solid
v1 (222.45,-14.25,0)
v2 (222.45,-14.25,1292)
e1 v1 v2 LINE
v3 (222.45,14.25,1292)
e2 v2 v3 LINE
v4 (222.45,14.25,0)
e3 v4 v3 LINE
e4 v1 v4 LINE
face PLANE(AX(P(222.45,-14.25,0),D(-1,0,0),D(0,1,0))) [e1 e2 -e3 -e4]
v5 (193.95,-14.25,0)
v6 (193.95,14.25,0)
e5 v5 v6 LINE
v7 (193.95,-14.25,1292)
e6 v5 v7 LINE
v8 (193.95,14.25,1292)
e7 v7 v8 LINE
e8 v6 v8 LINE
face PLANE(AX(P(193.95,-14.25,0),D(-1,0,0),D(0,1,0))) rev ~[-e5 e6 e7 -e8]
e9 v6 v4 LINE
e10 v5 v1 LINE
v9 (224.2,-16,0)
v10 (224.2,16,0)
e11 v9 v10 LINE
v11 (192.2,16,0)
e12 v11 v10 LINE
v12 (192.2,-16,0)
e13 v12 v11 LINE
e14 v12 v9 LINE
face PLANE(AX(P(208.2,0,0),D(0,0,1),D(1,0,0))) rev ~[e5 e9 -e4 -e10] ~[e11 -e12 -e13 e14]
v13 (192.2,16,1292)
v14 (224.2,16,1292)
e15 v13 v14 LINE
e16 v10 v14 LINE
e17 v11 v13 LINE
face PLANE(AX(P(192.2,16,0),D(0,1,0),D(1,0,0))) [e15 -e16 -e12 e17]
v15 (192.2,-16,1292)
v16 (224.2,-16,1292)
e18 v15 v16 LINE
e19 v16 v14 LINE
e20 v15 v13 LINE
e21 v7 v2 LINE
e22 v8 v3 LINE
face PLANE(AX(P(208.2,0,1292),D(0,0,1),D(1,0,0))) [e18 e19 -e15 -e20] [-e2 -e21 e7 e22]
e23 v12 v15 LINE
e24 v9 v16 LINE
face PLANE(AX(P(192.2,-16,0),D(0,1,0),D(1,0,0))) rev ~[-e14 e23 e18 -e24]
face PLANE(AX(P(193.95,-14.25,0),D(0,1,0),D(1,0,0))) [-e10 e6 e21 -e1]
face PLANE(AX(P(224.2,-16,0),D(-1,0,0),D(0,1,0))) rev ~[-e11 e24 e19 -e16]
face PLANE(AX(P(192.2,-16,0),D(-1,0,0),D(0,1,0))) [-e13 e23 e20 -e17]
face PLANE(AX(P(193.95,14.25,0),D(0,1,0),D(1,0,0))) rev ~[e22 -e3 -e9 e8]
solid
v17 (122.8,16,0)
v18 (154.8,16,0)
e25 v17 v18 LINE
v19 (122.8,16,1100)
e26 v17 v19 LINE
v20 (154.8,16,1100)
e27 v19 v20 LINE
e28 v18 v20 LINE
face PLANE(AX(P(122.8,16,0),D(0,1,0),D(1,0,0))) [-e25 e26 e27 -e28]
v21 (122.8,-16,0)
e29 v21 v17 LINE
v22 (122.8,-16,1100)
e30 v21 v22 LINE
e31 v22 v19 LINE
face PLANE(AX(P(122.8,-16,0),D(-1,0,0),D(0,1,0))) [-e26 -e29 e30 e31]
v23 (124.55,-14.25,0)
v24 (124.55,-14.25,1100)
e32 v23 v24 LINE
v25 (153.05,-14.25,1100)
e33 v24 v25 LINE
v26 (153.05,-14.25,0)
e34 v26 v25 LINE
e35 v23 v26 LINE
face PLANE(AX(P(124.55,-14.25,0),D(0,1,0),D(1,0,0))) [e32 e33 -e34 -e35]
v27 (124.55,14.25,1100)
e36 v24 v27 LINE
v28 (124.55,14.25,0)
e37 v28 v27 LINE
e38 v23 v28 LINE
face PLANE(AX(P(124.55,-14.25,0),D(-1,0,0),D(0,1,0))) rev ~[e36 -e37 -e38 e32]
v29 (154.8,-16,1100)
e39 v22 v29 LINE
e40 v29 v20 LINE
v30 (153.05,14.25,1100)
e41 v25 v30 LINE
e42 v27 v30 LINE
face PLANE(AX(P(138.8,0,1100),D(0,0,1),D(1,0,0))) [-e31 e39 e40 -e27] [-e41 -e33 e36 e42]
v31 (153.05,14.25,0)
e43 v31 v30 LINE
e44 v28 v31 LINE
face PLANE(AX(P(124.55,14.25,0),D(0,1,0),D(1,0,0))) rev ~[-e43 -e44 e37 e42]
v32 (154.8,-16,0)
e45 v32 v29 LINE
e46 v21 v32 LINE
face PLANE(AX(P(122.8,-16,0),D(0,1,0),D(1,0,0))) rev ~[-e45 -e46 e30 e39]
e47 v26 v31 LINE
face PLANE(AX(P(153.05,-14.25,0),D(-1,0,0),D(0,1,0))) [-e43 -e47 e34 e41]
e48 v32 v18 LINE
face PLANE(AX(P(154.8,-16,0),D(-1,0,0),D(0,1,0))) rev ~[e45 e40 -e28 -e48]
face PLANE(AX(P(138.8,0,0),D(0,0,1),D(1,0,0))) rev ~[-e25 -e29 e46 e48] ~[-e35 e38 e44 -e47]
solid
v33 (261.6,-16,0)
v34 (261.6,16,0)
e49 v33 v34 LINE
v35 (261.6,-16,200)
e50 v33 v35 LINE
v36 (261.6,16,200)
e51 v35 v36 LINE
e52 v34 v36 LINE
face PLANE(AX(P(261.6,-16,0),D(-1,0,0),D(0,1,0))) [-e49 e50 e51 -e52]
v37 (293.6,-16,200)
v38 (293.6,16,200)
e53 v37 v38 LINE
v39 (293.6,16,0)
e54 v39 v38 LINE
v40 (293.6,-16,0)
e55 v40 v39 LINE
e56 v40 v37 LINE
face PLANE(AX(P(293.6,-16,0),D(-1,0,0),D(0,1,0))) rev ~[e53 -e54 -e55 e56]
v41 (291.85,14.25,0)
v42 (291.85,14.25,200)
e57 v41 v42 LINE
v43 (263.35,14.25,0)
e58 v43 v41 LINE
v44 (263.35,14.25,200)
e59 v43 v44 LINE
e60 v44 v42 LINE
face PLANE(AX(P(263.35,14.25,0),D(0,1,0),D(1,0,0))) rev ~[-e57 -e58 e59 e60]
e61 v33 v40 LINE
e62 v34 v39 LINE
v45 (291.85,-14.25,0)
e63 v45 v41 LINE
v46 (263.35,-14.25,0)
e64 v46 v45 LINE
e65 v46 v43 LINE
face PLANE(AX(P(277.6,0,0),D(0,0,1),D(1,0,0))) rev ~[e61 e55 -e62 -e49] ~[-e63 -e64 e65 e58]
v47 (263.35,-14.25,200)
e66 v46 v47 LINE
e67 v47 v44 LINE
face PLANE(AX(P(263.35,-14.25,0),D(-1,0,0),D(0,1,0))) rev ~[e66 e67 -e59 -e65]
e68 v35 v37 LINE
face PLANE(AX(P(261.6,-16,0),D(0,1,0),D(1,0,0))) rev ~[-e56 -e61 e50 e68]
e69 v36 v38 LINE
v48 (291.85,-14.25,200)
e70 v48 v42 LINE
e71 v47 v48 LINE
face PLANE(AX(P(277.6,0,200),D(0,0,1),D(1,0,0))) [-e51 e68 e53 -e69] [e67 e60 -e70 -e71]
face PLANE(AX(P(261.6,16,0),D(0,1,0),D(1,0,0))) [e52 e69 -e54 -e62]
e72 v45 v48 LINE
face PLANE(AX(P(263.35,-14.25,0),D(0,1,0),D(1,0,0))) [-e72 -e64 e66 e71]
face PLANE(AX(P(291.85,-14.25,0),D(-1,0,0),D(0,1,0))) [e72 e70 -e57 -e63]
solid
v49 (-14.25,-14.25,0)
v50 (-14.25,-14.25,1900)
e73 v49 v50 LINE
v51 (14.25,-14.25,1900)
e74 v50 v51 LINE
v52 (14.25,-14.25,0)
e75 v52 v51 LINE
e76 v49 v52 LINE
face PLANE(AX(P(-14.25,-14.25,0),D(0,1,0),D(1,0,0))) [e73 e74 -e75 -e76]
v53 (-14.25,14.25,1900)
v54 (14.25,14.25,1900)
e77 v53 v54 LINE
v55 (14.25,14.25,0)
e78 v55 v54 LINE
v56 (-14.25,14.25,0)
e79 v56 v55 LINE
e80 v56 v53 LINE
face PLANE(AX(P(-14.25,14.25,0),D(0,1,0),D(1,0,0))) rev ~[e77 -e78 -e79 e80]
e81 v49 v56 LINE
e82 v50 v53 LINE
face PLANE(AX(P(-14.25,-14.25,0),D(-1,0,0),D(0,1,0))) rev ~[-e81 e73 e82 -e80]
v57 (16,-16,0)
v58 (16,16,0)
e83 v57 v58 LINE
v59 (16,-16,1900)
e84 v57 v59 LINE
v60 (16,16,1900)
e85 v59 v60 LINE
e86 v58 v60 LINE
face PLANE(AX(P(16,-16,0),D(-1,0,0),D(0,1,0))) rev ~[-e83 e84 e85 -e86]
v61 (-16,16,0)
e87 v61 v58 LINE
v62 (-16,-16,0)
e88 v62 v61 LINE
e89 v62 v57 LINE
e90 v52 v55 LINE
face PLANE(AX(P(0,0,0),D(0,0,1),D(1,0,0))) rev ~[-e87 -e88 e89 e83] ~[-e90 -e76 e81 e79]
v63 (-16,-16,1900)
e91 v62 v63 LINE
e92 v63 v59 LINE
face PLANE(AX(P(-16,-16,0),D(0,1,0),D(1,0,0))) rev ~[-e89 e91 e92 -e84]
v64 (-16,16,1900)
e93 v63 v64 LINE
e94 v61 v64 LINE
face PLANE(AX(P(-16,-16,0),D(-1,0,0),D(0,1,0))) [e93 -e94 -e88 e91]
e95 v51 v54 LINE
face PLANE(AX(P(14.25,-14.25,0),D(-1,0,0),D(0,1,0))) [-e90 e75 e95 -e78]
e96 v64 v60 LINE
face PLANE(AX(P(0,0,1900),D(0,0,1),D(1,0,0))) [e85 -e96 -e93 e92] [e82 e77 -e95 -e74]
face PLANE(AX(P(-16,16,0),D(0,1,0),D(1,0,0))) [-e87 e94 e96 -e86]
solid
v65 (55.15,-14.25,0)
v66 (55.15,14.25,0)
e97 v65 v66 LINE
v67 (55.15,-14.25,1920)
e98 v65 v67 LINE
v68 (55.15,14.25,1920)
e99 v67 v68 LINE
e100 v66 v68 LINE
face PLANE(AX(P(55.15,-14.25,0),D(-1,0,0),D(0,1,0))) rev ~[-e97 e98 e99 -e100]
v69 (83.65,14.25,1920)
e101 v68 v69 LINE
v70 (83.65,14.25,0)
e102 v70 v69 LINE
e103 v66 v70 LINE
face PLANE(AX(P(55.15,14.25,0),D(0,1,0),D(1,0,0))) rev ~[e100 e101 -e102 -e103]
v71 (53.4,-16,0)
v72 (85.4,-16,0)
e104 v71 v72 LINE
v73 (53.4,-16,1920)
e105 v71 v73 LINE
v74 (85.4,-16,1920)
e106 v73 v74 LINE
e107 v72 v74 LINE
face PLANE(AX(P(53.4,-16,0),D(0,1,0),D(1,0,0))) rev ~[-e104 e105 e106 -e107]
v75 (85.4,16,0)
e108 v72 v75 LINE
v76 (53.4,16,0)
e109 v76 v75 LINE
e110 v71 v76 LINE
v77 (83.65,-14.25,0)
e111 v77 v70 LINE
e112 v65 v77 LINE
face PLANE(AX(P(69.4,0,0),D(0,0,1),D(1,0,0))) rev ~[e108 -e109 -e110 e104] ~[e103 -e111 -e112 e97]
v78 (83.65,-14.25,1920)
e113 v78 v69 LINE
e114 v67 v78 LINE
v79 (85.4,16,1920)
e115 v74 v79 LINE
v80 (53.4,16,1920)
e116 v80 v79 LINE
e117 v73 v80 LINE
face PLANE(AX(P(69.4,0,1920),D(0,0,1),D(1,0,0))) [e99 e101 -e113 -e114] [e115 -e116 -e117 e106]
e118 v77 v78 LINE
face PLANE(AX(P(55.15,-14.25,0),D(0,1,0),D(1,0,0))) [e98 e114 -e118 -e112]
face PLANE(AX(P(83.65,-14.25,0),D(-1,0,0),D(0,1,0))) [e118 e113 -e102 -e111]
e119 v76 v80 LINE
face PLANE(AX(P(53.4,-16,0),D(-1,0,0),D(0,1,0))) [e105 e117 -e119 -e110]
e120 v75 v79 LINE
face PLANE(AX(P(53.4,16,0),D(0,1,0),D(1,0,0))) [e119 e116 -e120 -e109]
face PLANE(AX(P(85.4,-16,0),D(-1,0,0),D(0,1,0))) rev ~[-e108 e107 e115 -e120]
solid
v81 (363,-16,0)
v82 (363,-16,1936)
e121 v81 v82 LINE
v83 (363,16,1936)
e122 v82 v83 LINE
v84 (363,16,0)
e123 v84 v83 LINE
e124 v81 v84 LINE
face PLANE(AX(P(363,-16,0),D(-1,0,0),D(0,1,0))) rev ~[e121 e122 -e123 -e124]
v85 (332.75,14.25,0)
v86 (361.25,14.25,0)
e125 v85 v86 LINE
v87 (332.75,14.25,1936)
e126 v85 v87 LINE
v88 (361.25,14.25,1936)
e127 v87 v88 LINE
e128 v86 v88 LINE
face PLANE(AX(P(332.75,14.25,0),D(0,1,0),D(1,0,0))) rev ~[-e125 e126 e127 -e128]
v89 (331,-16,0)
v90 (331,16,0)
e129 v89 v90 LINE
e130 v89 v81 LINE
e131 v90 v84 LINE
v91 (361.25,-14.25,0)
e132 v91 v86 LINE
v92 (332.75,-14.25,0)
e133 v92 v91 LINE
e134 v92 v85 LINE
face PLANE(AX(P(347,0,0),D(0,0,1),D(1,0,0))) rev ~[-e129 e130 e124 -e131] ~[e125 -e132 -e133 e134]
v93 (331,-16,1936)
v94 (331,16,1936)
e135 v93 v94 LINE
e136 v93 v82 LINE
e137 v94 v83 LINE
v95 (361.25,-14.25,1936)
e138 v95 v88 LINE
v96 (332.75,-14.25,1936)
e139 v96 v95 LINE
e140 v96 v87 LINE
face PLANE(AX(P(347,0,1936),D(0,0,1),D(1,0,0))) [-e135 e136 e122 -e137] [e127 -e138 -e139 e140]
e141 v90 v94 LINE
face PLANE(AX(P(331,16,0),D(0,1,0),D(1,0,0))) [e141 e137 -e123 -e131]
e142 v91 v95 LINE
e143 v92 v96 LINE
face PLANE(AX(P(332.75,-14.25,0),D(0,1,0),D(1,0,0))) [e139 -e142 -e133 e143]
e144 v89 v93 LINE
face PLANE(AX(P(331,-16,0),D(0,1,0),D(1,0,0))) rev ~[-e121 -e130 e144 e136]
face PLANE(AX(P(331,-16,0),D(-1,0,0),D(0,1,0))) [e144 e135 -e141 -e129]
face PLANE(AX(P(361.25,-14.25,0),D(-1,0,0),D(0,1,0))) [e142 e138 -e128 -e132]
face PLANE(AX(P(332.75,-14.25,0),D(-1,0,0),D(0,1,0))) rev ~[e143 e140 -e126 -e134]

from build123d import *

# Parameters (mm, degrees)
F0_W     = 32
F0_H     = 32
F0_W_2   = 28.5
F0_H_2   = 28.5
F1_DEPTH = 1900
F2_DEPTH = 1920
F3_DEPTH = 1100
F4_DEPTH = 1292
F5_DEPTH = 200
F6_DEPTH = 1936


with BuildPart() as f1:
    # F0 (on Top) → F1 (new body)
    with BuildSketch(Plane.XY):
        Rectangle(F0_W, F0_H)
        Rectangle(F0_W_2, F0_H_2, mode=Mode.SUBTRACT)
    extrude(amount=F1_DEPTH)


with BuildPart() as f2:
    # F0 (on Top) → F2 (new body)
    with BuildSketch(Plane.XY):
        with Locations((69.4, 0)):
            Rectangle(F0_W, F0_H)
        with Locations((69.4, 0)):
            Rectangle(F0_W_2, F0_H_2, mode=Mode.SUBTRACT)
    extrude(amount=F2_DEPTH)


with BuildPart() as f3:
    # F0 (on Top) → F3 (new body)
    with BuildSketch(Plane.XY):
        with Locations((138.8, 0)):
            Rectangle(F0_W, F0_H)
        with Locations((138.8, 0)):
            Rectangle(F0_W_2, F0_H_2, mode=Mode.SUBTRACT)
    extrude(amount=F3_DEPTH)


with BuildPart() as f4:
    # F0 (on Top) → F4 (new body)
    with BuildSketch(Plane.XY):
        with Locations((208.2, 0)):
            Rectangle(F0_W, F0_H)
        with Locations((208.2, 0)):
            Rectangle(F0_W_2, F0_H_2, mode=Mode.SUBTRACT)
    extrude(amount=F4_DEPTH)


with BuildPart() as f5:
    # F0 (on Top) → F5 (new body)
    with BuildSketch(Plane.XY):
        with Locations((277.6, 0)):
            Rectangle(F0_W, F0_H)
        with Locations((277.6, 0)):
            Rectangle(F0_W_2, F0_H_2, mode=Mode.SUBTRACT)
    extrude(amount=F5_DEPTH)


with BuildPart() as f6:
    # F0 (on Top) → F6 (new body)
    with BuildSketch(Plane.XY):
        with Locations((347, 0)):
            Rectangle(F0_W, F0_H)
        with Locations((347, 0)):
            Rectangle(F0_W_2, F0_H_2, mode=Mode.SUBTRACT)
    extrude(amount=F6_DEPTH)


solid = Compound([f1.part, f2.part, f3.part, f4.part, f5.part, f6.part])
